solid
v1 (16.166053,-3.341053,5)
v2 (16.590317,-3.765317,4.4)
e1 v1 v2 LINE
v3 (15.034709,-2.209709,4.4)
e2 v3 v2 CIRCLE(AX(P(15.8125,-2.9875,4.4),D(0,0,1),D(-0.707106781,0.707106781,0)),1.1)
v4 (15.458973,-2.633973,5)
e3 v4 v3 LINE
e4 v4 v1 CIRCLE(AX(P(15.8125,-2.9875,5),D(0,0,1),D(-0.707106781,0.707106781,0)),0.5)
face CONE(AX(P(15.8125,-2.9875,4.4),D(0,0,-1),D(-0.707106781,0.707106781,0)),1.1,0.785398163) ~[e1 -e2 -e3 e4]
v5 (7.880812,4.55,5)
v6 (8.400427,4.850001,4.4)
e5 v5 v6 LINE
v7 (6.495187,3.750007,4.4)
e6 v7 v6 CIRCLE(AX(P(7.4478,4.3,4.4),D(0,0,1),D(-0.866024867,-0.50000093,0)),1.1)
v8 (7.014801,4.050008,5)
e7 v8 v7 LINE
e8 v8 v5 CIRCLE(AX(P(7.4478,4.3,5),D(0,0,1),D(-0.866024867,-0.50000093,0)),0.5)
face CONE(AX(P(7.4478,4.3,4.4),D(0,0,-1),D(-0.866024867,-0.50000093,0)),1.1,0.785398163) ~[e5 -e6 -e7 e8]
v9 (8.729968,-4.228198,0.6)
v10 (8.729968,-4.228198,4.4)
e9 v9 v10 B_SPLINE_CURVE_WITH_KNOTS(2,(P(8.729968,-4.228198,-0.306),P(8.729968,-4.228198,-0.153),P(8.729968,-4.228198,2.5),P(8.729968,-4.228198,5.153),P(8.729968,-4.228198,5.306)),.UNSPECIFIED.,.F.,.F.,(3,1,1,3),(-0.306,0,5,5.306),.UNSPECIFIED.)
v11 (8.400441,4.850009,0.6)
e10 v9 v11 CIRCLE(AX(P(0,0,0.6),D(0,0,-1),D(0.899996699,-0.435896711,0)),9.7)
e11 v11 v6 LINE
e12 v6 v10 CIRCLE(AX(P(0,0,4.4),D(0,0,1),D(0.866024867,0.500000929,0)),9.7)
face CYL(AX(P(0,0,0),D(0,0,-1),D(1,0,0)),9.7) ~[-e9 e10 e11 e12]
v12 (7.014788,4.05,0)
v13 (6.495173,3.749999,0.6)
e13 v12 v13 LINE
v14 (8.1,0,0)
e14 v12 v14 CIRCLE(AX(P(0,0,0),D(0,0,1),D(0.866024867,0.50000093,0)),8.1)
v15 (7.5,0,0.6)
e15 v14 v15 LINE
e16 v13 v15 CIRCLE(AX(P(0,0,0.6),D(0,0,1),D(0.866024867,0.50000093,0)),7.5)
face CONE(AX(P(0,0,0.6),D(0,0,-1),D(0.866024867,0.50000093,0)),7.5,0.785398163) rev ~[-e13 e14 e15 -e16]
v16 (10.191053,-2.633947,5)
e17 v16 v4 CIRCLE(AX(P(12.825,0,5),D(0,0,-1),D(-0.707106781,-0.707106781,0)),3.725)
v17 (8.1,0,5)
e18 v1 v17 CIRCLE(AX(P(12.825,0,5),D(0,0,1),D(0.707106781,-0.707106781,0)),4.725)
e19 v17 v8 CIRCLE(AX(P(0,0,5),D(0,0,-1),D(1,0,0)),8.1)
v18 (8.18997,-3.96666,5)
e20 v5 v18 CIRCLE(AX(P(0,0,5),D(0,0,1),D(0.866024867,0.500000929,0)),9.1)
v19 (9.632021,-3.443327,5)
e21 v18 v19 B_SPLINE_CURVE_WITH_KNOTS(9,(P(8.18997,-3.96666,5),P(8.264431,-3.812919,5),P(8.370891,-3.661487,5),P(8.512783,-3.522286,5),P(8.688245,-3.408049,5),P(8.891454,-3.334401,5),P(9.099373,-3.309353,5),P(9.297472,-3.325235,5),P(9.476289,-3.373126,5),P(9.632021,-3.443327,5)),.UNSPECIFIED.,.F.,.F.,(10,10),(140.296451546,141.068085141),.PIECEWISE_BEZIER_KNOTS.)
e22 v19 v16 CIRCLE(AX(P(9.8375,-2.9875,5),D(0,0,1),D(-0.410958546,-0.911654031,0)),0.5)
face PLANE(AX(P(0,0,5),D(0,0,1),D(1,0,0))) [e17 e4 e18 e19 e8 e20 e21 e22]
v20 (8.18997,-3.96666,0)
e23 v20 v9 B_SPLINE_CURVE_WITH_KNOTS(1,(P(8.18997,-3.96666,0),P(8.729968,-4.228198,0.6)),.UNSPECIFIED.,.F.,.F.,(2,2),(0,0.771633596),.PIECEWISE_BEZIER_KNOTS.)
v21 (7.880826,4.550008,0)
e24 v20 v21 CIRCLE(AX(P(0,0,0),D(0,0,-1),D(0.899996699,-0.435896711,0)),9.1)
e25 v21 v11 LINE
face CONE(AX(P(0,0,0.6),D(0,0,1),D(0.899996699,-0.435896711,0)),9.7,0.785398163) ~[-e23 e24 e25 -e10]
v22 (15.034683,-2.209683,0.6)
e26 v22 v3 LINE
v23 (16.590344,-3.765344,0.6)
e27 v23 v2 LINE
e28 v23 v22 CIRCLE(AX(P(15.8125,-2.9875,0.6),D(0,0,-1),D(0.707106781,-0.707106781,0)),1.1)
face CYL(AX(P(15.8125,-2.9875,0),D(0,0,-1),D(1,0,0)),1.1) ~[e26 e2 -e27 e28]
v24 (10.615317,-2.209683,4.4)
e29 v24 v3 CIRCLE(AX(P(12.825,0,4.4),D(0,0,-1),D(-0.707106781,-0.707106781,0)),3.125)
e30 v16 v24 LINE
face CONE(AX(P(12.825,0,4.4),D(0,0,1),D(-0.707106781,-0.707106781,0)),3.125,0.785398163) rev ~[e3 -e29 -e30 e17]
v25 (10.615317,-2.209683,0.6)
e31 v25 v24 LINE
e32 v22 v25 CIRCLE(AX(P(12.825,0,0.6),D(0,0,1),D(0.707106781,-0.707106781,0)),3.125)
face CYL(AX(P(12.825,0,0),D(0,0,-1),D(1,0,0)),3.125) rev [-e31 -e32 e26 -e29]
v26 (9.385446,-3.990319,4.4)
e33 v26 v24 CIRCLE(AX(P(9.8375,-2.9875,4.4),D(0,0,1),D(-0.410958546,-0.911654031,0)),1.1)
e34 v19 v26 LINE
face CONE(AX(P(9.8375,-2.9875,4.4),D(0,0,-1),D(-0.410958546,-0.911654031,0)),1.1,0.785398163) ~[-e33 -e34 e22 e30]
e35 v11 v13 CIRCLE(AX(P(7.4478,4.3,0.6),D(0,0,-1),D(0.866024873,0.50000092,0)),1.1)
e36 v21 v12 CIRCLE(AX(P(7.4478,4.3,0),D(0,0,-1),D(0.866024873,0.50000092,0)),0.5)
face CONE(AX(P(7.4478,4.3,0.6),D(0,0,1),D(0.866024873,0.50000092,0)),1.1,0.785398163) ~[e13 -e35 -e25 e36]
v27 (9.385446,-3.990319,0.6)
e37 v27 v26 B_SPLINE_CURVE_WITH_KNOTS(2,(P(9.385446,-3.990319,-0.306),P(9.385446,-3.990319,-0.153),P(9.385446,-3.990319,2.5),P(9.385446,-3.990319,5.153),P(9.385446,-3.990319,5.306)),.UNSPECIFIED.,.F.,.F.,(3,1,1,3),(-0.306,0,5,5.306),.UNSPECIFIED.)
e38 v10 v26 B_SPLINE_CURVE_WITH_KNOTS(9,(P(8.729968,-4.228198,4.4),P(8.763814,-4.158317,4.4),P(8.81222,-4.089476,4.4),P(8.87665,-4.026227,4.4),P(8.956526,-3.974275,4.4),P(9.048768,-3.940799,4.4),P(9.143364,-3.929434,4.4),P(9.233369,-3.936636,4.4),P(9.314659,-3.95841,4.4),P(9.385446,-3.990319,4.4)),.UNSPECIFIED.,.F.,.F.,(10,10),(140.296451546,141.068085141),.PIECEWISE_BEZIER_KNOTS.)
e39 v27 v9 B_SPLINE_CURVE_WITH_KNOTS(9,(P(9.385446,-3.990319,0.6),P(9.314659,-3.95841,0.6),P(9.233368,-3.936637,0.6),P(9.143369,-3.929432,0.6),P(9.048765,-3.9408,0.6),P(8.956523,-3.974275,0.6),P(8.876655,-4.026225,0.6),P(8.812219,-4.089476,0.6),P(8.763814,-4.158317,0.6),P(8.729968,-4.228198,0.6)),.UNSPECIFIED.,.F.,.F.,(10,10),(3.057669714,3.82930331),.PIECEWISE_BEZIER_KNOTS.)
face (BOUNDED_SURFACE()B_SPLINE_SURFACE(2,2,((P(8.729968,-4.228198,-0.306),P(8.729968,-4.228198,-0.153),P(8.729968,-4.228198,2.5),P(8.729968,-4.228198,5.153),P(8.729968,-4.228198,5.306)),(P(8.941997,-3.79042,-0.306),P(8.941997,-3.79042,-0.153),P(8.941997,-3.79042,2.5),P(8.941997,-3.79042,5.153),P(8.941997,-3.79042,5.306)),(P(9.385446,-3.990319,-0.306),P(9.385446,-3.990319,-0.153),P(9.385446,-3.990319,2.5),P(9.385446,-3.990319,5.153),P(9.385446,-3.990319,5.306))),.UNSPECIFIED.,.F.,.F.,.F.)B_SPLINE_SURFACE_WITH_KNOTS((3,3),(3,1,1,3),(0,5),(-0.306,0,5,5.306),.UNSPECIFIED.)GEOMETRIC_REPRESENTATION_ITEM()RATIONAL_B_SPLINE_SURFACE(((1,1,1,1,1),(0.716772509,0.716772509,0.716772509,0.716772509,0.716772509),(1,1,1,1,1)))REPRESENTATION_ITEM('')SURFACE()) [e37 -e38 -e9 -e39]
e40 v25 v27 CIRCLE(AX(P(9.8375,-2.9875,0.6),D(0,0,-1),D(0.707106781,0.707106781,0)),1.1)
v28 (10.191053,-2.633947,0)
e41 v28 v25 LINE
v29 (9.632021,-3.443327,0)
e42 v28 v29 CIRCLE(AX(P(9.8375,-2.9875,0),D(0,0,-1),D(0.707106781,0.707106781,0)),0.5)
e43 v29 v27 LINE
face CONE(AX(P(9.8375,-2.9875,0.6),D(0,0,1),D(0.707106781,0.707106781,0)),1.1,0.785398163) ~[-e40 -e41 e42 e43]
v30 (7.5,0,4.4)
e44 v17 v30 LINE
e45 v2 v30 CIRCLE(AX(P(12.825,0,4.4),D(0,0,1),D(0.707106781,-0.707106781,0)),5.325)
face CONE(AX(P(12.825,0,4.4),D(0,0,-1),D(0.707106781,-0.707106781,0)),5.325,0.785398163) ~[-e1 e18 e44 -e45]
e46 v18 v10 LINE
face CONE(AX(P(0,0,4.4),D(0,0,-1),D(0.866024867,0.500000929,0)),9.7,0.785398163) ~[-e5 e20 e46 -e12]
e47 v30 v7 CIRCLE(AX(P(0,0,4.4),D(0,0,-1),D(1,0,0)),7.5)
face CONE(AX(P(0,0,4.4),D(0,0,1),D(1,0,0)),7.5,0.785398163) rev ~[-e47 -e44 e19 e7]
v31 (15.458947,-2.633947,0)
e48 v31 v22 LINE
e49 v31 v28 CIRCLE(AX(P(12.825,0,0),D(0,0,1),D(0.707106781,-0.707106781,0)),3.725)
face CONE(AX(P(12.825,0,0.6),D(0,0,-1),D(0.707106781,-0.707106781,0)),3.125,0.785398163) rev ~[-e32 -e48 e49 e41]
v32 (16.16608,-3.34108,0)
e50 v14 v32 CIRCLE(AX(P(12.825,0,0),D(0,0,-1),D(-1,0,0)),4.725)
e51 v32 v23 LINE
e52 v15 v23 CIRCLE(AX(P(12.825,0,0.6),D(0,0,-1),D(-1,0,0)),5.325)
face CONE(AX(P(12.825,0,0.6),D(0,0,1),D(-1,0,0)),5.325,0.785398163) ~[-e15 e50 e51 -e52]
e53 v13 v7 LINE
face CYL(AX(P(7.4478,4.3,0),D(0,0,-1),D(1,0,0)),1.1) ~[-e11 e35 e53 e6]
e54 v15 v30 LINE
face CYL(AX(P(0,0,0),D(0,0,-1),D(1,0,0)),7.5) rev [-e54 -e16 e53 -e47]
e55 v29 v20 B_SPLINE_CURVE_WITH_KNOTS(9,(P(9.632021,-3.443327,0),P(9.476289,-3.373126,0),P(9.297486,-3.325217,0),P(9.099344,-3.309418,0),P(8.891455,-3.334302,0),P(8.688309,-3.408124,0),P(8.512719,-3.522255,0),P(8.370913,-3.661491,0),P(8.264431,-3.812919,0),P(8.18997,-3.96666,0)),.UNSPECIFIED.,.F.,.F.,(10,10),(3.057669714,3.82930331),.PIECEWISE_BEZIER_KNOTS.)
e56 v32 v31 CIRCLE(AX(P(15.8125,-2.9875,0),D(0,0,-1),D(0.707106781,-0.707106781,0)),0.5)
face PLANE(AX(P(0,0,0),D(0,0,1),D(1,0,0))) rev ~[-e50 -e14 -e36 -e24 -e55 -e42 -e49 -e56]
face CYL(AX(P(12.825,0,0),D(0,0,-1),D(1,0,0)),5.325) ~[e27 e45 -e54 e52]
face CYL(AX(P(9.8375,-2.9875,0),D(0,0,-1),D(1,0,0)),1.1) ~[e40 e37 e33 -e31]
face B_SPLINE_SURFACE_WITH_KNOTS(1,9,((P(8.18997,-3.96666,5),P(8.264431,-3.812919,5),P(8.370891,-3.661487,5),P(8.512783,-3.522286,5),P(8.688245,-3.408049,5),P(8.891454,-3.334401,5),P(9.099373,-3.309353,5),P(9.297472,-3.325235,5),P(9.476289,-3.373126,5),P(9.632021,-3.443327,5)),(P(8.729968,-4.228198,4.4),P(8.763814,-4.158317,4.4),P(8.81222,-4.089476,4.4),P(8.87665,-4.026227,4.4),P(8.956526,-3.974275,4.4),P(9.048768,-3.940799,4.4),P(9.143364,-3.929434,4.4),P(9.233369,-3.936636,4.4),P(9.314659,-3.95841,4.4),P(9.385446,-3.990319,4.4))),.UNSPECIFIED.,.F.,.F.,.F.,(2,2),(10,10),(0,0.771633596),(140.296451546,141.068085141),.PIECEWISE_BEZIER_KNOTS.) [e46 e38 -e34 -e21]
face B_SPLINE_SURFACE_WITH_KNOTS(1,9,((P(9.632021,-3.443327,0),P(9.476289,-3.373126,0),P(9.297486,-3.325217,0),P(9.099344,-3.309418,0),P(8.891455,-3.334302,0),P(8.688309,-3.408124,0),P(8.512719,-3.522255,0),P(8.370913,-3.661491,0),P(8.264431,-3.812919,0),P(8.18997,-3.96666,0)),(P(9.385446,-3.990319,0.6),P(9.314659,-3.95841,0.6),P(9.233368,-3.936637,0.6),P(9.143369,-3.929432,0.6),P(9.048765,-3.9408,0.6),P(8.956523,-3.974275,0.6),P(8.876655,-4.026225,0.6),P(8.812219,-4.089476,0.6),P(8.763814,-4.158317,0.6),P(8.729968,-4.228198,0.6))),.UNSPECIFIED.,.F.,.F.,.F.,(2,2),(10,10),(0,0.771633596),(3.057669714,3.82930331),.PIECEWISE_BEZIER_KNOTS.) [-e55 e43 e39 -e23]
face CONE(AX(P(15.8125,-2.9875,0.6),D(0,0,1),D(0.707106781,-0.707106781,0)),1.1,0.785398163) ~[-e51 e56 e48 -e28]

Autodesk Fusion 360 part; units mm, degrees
sketch "Sketch1" plane through (0, 0, 0) normal (0, 0, 1) x (1, 0, 0)
  circle A0 centre (0, 0) radius 7.5
  circle A1 centre (0, 0) radius 9.7
  circle A2 centre (12.825, 0) radius 3.125
  circle A3 centre (12.825, 0) radius 5.325
  line L0 (-19.1275, 0) -> (19.1275, 0) construction
  line L1 (0, 53.4087) -> (0, -53.4087) construction
  circle A4 centre (9.8375, -2.9875) radius 1.1
  circle A5 centre (15.8125, -2.9875) radius 1.1
  circle A6 centre (7.4478, 4.3) radius 1.1
  line L2 (0, 0) -> (7.4478, 4.3) construction
  line L3 (0, 0) -> (12.825, 0) construction
  line L4 (9.8375, -2.9875) -> (12.825, 0) construction
  line L5 (15.8125, -2.9875) -> (12.825, 0) construction
  line L6 (9.8375, -2.9875) -> (15.8125, -2.9875) construction
  dimension "d5_1_1_2_1" = 15
  dimension "d6_1_1_2_1" = 2.2
  dimension "d7_1_1_2_1" = 6.25
  dimension "d9_1_1_2_1" = 2.2
  dimension "d17_1_1_2_1" = 2.2
  dimension "d18_1_1_2_1" = 2.2
  dimension "d23_1_1_2_1" = 2.2
  dimension "d32_1" = 90
  dimension "d34_1" = 90
  dimension "d36" = 30
extrude "Extrude1" add sketch "Sketch1" along normal blind 5 contours A0 A1 A3 A6 | A1 A3 A4 | A6 | A1 A2 A3 A5 | A1 A3 A4 | A1 A2 A4 | A1 A4 | A1 A4 | A5 picked at (6.1847, 5.9307)
fillet "Fillet1" radius 0.5 1 edges at (8.9752, -3.679, 2.5)
chamfer "Chamfer2" distance 0.6 angle 45 16 edges at (10.7426, -3.6127, 5) (9.0094, -3.9762, 5) (-9.6936, -0.3518, 5) (7.9978, 3.3474, 5) (-7.2444, -1.9411, 5) (14.8628, 4.9197, 5) (15.0347, -3.7653, 5) (12.825, 3.125, 5) (10.7426, -3.6127, 0) (9.0094, -3.9762, 0) (-9.6936, -0.3518, 0) (7.9978, 3.3474, 0) (-7.2444, -1.9411, 0) (14.8628, 4.9197, 0) (15.0347, -3.7653, 0) (12.825, 3.125, 0)
equation "d6_1_1_2_1 = ClipWall"
equation "d9_1_1_2_1 = ClipWall"
equation "d17_1_1_2_1 = ClipWall"
equation "d18_1_1_2_1 = ClipWall"
equation "d21_1_1_2_1 = Thickness"
equation "d23_1_1_2_1 = ClipWall"
equation "ClipWall = 2.2 mm"
equation "Thickness = 5 mm"
